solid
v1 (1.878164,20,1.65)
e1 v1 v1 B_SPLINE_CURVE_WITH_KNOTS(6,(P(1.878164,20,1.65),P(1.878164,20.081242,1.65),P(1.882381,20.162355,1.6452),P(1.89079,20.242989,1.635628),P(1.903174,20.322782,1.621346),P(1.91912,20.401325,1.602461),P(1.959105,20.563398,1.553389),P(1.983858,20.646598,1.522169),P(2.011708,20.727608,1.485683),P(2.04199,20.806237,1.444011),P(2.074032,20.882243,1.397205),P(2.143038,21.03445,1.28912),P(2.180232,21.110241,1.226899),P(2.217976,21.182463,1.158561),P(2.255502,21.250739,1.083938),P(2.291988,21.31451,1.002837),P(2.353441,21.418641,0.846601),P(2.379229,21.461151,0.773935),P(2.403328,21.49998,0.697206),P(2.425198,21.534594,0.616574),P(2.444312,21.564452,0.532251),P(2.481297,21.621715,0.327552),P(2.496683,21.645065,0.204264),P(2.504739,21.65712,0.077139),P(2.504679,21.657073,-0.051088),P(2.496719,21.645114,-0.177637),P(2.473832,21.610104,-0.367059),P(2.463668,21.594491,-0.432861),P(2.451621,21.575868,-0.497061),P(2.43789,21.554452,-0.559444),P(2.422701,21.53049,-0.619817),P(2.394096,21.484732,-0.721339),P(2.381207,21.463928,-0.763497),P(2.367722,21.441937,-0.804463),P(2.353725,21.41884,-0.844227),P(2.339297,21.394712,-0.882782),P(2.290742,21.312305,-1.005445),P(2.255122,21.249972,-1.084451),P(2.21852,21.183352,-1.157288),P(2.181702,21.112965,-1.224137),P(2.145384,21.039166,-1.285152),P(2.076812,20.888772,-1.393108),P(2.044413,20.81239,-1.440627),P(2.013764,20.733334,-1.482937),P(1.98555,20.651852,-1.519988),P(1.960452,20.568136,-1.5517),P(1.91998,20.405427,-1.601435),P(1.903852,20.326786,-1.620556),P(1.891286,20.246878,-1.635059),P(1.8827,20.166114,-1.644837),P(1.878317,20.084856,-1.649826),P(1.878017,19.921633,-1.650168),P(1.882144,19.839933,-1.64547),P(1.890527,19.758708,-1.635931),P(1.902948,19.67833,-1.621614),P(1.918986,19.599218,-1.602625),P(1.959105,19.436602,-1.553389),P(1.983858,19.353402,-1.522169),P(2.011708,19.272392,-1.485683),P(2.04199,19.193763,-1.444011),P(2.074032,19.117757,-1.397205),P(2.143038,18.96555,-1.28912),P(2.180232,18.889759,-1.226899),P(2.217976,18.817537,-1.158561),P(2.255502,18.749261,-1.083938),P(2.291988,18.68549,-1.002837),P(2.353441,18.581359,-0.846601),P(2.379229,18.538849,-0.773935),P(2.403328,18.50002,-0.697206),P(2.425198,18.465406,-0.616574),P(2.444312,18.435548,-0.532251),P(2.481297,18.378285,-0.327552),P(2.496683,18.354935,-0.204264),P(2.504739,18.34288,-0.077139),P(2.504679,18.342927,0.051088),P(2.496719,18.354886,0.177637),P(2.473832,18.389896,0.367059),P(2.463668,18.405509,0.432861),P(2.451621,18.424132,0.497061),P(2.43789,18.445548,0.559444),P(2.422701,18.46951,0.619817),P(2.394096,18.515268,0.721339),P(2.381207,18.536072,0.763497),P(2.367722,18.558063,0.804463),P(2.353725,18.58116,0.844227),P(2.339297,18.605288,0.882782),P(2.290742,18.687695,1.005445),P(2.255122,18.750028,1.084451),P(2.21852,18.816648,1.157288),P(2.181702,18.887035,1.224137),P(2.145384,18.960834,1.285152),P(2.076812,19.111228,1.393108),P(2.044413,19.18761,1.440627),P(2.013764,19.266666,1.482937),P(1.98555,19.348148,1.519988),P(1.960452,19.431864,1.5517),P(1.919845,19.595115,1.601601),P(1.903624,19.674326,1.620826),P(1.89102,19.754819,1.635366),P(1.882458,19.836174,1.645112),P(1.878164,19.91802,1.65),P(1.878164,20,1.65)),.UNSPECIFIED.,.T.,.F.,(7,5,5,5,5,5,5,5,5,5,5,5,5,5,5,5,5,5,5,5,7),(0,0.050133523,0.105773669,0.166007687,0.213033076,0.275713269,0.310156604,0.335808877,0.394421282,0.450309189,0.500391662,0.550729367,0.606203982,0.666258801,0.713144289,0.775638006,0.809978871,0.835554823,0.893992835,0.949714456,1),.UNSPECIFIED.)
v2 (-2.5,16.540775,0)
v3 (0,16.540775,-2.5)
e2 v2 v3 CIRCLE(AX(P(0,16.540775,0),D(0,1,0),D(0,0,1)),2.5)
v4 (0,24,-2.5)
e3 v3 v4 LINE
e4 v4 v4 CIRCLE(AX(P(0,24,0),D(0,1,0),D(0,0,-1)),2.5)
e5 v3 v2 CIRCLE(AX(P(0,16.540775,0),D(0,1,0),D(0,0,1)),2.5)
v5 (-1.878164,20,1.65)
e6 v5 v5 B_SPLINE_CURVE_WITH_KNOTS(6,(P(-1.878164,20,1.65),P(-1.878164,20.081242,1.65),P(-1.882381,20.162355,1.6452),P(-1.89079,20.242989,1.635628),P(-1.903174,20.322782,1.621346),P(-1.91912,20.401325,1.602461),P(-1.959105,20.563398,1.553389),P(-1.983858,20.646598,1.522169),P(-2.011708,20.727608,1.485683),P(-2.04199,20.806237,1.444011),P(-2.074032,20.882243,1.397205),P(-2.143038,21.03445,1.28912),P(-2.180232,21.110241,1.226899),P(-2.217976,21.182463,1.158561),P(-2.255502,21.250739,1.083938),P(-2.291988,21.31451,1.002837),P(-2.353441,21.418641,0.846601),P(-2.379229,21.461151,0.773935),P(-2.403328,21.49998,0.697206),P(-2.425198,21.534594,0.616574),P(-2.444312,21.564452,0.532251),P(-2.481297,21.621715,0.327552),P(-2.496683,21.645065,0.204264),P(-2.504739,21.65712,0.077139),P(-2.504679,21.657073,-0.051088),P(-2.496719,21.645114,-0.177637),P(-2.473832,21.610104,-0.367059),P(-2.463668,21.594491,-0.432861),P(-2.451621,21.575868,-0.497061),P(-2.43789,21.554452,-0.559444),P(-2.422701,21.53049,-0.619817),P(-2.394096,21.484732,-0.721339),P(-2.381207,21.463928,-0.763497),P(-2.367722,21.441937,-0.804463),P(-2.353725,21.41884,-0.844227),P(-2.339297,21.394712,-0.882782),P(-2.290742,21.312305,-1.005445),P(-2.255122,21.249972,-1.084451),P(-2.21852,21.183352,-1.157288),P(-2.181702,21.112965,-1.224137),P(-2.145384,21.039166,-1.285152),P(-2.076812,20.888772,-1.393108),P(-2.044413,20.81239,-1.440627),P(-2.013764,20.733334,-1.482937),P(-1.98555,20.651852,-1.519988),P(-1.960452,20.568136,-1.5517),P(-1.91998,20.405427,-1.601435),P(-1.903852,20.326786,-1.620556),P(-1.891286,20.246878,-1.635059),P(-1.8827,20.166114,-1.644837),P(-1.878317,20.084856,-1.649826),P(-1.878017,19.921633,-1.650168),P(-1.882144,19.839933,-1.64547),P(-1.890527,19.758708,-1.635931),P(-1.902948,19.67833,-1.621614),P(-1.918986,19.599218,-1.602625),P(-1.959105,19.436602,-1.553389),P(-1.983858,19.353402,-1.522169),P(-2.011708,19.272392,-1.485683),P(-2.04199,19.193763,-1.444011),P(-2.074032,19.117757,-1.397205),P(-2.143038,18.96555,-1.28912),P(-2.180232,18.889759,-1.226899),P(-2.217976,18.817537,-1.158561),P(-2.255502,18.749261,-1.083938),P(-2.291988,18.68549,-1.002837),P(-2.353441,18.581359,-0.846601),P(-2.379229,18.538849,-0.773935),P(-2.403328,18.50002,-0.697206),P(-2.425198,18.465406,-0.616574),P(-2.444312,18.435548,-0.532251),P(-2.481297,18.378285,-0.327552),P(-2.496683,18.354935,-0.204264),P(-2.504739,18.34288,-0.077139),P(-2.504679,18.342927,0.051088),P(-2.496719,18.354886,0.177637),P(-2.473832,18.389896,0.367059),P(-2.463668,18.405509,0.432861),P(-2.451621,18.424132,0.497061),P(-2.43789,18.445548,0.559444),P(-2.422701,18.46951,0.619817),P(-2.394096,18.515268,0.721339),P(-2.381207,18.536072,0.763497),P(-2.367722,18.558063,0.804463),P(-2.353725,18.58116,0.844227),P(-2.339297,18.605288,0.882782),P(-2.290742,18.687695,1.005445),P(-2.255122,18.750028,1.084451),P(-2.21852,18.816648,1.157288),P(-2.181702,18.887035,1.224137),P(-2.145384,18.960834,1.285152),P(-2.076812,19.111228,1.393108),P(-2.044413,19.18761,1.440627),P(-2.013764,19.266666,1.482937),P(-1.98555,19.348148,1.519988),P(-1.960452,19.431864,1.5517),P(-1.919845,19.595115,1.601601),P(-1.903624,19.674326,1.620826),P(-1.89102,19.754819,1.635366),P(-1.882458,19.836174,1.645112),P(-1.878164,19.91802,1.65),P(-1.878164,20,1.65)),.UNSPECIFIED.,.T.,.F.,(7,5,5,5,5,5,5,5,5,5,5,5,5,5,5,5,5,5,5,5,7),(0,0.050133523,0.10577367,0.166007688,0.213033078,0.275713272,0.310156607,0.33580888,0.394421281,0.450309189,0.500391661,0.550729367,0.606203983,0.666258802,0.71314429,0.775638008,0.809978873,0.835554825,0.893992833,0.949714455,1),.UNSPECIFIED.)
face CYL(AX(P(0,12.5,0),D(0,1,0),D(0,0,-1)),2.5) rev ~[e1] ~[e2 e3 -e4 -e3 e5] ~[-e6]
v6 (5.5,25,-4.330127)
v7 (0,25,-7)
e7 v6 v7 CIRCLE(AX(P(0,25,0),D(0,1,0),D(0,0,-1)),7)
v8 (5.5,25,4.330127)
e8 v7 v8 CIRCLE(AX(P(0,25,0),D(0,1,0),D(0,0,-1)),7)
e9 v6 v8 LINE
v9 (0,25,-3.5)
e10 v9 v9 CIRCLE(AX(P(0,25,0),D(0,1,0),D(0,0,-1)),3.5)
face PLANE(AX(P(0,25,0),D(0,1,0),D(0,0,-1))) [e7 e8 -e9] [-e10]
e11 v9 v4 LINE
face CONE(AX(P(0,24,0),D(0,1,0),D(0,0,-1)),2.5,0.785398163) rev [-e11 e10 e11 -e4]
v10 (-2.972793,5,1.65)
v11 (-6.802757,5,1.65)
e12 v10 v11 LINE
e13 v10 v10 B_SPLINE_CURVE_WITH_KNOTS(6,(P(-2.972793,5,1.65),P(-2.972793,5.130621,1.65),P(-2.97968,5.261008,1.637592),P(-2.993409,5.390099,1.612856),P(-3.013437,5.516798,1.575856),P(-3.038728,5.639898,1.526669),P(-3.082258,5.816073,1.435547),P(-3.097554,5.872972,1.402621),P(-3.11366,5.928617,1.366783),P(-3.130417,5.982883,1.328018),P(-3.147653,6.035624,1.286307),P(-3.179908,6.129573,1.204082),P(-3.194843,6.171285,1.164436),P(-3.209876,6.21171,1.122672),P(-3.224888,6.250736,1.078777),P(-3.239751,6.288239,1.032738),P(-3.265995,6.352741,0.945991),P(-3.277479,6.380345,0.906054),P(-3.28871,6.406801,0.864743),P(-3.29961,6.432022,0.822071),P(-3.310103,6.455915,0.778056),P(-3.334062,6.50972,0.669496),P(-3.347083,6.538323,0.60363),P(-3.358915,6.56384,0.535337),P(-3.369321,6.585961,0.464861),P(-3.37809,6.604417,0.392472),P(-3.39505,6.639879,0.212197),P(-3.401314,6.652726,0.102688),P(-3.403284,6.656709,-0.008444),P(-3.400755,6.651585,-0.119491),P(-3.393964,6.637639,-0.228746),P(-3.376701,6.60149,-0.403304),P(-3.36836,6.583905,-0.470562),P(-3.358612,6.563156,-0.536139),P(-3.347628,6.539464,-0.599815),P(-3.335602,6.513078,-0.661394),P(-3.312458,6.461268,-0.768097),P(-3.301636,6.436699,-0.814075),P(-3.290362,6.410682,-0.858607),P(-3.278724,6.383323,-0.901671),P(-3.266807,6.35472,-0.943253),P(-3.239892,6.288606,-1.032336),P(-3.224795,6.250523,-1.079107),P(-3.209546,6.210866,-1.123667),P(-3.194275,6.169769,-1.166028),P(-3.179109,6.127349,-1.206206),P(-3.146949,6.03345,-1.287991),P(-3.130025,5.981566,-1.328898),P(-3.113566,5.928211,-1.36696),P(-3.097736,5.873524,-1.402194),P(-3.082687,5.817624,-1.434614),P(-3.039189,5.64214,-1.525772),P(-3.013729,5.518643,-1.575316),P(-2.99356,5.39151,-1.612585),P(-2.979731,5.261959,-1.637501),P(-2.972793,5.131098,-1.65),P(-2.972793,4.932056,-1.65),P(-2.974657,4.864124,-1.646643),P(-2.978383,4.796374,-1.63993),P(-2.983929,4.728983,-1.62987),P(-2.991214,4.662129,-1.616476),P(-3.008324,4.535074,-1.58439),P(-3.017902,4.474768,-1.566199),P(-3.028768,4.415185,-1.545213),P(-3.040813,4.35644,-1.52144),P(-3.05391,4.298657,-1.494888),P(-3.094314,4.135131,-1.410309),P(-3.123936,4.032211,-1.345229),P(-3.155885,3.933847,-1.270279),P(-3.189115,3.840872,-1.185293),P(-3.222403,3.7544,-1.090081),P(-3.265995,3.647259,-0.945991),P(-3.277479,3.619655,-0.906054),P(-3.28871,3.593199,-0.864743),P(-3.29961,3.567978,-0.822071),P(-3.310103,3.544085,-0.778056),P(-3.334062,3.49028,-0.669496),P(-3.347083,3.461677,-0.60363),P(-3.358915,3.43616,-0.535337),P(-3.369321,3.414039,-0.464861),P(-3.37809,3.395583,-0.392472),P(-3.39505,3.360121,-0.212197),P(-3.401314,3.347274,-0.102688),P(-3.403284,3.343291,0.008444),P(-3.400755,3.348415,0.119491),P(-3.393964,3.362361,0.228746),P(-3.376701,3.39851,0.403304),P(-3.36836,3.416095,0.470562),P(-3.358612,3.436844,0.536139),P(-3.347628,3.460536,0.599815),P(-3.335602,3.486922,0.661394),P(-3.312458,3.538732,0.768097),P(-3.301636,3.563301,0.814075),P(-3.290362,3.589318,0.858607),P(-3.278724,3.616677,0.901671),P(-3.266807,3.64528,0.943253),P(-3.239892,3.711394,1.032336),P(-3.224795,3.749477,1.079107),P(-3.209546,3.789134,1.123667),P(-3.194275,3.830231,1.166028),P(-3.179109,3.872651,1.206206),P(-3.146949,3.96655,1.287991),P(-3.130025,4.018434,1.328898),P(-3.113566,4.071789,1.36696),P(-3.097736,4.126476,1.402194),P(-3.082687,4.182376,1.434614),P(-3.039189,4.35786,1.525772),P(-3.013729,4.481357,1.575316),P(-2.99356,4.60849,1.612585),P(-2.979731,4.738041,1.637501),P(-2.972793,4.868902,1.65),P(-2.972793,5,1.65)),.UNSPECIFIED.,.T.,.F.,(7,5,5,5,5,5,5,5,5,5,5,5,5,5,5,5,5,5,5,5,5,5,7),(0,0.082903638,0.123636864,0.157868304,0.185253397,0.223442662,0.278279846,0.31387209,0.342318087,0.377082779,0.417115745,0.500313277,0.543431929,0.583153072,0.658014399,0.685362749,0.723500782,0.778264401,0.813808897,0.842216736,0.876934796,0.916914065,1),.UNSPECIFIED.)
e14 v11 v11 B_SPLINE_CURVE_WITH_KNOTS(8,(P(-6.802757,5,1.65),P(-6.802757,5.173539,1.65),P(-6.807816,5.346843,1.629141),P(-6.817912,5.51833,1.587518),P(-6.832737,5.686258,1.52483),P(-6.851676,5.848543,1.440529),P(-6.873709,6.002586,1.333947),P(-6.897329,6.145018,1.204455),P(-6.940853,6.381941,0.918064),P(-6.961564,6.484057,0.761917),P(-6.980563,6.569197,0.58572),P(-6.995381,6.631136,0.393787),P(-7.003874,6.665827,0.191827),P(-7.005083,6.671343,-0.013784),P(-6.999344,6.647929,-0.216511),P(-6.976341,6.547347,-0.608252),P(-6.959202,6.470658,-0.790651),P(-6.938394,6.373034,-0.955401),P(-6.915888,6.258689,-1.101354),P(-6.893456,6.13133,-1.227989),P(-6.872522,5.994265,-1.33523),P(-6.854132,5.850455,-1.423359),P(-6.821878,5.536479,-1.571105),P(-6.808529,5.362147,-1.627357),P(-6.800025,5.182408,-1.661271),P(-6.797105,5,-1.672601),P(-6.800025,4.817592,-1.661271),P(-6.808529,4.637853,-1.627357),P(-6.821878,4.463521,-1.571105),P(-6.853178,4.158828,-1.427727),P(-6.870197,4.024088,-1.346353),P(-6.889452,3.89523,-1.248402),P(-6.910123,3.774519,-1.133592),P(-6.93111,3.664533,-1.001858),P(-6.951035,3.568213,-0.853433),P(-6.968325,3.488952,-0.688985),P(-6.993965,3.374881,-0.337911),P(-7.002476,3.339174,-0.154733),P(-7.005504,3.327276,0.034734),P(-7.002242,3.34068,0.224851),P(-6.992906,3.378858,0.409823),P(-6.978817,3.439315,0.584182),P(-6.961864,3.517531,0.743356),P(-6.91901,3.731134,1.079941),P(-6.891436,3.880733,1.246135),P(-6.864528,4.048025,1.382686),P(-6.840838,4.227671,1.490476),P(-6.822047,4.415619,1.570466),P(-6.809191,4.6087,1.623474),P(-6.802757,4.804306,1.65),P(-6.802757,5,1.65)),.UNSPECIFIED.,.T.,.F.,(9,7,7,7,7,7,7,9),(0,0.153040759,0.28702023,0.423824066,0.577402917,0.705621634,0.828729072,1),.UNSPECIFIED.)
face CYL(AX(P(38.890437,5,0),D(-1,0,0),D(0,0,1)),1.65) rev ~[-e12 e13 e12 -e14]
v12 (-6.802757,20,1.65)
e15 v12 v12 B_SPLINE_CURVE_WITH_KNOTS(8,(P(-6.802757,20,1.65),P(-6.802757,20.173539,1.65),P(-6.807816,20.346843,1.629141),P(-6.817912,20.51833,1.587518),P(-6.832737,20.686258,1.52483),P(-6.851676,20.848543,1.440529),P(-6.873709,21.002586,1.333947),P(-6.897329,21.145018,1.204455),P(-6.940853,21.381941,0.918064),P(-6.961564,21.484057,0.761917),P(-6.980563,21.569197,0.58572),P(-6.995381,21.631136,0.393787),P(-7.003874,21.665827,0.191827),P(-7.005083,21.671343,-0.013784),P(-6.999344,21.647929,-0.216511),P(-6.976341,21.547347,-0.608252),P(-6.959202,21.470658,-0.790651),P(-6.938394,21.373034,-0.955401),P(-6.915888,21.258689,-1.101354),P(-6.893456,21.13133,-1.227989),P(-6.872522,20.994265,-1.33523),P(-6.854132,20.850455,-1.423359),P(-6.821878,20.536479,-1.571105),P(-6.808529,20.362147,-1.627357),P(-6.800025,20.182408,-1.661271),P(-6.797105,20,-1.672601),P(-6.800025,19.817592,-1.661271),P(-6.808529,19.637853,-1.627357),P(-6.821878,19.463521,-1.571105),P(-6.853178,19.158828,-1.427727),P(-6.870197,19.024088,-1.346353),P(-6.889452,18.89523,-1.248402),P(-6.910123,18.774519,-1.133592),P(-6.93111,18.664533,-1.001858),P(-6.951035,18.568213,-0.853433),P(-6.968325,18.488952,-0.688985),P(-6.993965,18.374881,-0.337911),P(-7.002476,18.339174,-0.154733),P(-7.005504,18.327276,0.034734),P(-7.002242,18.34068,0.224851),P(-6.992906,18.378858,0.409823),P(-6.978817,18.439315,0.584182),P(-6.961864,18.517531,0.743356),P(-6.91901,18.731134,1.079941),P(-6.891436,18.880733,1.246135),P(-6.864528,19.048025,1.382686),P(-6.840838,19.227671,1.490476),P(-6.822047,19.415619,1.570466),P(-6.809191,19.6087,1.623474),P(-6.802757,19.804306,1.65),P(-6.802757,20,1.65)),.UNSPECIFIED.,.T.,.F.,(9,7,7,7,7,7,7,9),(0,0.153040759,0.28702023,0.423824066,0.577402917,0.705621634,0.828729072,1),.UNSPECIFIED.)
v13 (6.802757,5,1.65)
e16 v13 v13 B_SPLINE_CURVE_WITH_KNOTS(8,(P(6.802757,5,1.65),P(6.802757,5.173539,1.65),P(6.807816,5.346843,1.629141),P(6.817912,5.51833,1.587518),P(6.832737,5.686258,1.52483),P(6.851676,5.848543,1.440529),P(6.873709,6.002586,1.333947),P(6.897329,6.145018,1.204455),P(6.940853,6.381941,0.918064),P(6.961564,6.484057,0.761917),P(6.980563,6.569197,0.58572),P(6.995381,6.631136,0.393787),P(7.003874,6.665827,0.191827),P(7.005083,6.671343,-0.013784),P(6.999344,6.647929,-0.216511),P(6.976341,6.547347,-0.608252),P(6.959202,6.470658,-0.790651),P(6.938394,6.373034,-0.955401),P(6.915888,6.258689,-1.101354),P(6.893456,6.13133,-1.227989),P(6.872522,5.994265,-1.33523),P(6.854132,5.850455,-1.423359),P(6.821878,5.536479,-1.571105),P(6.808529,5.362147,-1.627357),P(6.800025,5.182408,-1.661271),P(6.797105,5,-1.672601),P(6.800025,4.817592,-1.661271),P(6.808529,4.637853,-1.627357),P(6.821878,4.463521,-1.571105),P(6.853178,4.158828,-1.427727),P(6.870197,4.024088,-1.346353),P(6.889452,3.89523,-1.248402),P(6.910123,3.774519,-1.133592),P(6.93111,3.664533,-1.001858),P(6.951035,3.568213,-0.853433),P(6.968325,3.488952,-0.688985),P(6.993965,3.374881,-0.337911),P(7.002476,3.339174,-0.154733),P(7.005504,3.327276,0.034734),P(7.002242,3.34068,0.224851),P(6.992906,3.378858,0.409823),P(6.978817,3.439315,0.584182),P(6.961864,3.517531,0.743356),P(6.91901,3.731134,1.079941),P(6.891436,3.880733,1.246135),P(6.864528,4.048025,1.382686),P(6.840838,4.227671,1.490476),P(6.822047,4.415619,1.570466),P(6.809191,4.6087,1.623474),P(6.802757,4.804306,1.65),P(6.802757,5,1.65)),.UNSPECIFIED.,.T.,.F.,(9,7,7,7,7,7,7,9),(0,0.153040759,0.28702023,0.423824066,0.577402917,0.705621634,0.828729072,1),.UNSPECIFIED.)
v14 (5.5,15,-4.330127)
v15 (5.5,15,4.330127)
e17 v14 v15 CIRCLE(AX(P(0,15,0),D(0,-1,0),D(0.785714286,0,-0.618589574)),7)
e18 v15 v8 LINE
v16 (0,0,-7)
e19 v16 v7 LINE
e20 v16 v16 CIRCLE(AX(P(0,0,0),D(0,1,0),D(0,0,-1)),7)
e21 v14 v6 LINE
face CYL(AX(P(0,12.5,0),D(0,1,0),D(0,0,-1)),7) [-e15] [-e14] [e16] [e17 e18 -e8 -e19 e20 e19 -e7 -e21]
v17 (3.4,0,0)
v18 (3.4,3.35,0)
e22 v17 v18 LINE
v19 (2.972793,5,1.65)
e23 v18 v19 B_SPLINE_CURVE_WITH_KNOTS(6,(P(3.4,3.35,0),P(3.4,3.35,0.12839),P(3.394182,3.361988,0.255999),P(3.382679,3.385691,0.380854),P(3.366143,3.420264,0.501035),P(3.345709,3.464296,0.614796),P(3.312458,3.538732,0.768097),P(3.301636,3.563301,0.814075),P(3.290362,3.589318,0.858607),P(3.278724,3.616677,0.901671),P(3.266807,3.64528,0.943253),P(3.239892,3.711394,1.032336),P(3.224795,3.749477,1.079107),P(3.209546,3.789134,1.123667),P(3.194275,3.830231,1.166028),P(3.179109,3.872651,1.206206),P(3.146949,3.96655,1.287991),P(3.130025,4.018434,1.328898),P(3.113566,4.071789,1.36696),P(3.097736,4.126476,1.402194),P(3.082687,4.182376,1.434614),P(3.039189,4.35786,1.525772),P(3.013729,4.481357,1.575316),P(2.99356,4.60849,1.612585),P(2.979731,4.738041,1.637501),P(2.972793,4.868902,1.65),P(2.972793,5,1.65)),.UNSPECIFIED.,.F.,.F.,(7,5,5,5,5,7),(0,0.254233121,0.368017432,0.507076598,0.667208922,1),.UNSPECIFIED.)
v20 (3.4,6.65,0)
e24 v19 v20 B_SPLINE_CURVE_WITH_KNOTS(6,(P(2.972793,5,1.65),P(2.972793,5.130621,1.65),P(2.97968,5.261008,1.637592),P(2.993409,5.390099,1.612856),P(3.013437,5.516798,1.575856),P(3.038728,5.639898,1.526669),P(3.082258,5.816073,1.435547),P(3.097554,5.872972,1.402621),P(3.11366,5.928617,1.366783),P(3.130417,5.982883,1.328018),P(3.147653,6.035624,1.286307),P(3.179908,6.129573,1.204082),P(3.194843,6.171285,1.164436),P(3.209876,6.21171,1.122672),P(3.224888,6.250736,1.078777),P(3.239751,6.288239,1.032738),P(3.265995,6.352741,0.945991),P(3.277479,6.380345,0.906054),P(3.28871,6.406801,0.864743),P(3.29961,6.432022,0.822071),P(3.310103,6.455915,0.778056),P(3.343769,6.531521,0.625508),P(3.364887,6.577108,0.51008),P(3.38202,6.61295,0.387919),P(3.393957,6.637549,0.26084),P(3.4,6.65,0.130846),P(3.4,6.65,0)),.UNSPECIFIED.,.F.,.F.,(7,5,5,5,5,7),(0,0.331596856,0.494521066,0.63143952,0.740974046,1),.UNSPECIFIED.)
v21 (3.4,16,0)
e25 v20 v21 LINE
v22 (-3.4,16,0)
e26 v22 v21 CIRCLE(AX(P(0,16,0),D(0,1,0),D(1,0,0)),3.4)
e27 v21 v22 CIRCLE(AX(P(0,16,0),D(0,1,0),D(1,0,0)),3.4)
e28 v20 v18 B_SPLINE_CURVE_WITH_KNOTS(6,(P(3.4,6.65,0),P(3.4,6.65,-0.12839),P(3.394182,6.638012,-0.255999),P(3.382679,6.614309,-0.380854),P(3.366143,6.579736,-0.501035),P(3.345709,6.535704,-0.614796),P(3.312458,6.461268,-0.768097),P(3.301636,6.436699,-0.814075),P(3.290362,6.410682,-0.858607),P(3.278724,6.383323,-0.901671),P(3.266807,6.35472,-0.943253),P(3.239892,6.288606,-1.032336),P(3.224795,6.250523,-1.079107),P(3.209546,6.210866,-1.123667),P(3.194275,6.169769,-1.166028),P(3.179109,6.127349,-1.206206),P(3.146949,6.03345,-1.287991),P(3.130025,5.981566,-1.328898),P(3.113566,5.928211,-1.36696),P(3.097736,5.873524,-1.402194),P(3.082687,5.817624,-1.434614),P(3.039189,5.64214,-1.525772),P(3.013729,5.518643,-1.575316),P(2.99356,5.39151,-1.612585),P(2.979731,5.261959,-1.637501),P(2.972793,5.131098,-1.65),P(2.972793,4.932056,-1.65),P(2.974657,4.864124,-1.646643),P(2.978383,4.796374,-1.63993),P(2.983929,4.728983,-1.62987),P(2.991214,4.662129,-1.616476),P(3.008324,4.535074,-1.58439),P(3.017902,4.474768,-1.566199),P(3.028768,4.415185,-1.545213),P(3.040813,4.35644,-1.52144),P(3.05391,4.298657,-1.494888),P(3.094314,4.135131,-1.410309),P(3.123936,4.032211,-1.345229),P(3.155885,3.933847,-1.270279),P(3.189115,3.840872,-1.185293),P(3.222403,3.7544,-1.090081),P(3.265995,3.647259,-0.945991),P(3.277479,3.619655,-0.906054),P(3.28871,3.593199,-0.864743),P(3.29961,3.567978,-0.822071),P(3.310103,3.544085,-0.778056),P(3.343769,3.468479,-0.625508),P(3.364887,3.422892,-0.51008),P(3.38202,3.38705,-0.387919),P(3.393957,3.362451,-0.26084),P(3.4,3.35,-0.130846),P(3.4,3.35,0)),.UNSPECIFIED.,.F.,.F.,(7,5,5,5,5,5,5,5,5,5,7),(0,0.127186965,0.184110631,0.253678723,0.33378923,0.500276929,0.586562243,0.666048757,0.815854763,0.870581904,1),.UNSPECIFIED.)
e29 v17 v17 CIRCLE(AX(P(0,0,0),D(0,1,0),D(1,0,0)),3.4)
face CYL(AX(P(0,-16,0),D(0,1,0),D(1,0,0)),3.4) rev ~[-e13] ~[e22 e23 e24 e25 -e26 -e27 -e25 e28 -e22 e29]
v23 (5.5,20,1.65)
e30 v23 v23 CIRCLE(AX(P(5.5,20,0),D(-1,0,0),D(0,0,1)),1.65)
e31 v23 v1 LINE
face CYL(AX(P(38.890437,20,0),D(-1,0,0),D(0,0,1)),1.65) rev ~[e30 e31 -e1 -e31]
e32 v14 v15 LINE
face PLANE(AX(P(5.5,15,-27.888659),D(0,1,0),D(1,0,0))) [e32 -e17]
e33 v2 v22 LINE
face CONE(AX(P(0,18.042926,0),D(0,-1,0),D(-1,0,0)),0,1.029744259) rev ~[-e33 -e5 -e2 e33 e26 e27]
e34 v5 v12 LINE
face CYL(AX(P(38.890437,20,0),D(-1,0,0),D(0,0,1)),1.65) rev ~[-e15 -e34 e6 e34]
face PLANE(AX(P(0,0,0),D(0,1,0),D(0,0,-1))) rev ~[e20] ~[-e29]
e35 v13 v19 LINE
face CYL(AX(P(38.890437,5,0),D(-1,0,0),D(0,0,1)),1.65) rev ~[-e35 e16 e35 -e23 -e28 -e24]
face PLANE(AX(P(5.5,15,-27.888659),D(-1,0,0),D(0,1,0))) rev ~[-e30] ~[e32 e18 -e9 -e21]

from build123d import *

# Parameters (mm, degrees)
SKETCH1_W               = 4.5
SKETCH1_H               = 25
CUT_EXTRUDE1_DEPTH      = 27.888659319
CUT_EXTRUDE1_DEPTH_BACK = 27.888659319
SKETCH2_W               = 1.5
SKETCH2_H               = 10
CHAMFER1_SIZE           = 1
M8_TAPPED_HOLE1_D       = 6.8
M8_TAPPED_HOLE1_DEPTH   = 16
M8_TAPPED_HOLE1_TIP     = 2.042926105
M4_TAPPED_HOLE1_D       = 3.3


with BuildPart() as part:
    # Sketch1 → Revolve1 (revolve)
    with BuildSketch(Plane.XY, mode=Mode.PRIVATE) as revolve1_sk:
        with Locations((-4.75, 12.5)):
            Rectangle(SKETCH1_W, SKETCH1_H)
    revolve(revolve1_sk.sketch.rotate(Axis((0, 0, 0), (0, 1, 0)), 270), axis=Axis((0, 0, 0), (0, 1, 0)))

    # Sketch2 → Cut-Extrude1 (cut, two sides: drawn at the far end of the back side and taken through both)
    with BuildSketch(Plane.XY.offset(-CUT_EXTRUDE1_DEPTH_BACK)):
        with Locations((6.25, 20)):
            Rectangle(SKETCH2_W, SKETCH2_H)
    extrude(amount=CUT_EXTRUDE1_DEPTH + CUT_EXTRUDE1_DEPTH_BACK, mode=Mode.SUBTRACT)

    # Chamfer1
    chamfer1_edges = [part.edges().sort_by_distance(p)[0] for p in [
        (0, 25, 2.5),
    ]]
    chamfer(chamfer1_edges, length=CHAMFER1_SIZE)

    # M8 Tapped Hole1
    with Locations(Plane(origin=(0, 0, 0), x_dir=(-1, 0, 0), z_dir=(0, -1, 0))):
        with Locations((0, 0)):
            Hole(M8_TAPPED_HOLE1_D / 2, depth=M8_TAPPED_HOLE1_DEPTH)
            with Locations((0, 0, -(M8_TAPPED_HOLE1_DEPTH + M8_TAPPED_HOLE1_TIP / 2))):  # 118° drill point
                Cone(0, M8_TAPPED_HOLE1_D / 2, M8_TAPPED_HOLE1_TIP, mode=Mode.SUBTRACT)

    # M4 Tapped Hole1 (through all)
    with Locations(Plane(origin=(7, 0, 0), x_dir=(0, 0, -1), z_dir=(1, 0, 0))):
        with Locations((0, 20), (0, 5)):
            Hole(M4_TAPPED_HOLE1_D / 2)


solid = part.part
